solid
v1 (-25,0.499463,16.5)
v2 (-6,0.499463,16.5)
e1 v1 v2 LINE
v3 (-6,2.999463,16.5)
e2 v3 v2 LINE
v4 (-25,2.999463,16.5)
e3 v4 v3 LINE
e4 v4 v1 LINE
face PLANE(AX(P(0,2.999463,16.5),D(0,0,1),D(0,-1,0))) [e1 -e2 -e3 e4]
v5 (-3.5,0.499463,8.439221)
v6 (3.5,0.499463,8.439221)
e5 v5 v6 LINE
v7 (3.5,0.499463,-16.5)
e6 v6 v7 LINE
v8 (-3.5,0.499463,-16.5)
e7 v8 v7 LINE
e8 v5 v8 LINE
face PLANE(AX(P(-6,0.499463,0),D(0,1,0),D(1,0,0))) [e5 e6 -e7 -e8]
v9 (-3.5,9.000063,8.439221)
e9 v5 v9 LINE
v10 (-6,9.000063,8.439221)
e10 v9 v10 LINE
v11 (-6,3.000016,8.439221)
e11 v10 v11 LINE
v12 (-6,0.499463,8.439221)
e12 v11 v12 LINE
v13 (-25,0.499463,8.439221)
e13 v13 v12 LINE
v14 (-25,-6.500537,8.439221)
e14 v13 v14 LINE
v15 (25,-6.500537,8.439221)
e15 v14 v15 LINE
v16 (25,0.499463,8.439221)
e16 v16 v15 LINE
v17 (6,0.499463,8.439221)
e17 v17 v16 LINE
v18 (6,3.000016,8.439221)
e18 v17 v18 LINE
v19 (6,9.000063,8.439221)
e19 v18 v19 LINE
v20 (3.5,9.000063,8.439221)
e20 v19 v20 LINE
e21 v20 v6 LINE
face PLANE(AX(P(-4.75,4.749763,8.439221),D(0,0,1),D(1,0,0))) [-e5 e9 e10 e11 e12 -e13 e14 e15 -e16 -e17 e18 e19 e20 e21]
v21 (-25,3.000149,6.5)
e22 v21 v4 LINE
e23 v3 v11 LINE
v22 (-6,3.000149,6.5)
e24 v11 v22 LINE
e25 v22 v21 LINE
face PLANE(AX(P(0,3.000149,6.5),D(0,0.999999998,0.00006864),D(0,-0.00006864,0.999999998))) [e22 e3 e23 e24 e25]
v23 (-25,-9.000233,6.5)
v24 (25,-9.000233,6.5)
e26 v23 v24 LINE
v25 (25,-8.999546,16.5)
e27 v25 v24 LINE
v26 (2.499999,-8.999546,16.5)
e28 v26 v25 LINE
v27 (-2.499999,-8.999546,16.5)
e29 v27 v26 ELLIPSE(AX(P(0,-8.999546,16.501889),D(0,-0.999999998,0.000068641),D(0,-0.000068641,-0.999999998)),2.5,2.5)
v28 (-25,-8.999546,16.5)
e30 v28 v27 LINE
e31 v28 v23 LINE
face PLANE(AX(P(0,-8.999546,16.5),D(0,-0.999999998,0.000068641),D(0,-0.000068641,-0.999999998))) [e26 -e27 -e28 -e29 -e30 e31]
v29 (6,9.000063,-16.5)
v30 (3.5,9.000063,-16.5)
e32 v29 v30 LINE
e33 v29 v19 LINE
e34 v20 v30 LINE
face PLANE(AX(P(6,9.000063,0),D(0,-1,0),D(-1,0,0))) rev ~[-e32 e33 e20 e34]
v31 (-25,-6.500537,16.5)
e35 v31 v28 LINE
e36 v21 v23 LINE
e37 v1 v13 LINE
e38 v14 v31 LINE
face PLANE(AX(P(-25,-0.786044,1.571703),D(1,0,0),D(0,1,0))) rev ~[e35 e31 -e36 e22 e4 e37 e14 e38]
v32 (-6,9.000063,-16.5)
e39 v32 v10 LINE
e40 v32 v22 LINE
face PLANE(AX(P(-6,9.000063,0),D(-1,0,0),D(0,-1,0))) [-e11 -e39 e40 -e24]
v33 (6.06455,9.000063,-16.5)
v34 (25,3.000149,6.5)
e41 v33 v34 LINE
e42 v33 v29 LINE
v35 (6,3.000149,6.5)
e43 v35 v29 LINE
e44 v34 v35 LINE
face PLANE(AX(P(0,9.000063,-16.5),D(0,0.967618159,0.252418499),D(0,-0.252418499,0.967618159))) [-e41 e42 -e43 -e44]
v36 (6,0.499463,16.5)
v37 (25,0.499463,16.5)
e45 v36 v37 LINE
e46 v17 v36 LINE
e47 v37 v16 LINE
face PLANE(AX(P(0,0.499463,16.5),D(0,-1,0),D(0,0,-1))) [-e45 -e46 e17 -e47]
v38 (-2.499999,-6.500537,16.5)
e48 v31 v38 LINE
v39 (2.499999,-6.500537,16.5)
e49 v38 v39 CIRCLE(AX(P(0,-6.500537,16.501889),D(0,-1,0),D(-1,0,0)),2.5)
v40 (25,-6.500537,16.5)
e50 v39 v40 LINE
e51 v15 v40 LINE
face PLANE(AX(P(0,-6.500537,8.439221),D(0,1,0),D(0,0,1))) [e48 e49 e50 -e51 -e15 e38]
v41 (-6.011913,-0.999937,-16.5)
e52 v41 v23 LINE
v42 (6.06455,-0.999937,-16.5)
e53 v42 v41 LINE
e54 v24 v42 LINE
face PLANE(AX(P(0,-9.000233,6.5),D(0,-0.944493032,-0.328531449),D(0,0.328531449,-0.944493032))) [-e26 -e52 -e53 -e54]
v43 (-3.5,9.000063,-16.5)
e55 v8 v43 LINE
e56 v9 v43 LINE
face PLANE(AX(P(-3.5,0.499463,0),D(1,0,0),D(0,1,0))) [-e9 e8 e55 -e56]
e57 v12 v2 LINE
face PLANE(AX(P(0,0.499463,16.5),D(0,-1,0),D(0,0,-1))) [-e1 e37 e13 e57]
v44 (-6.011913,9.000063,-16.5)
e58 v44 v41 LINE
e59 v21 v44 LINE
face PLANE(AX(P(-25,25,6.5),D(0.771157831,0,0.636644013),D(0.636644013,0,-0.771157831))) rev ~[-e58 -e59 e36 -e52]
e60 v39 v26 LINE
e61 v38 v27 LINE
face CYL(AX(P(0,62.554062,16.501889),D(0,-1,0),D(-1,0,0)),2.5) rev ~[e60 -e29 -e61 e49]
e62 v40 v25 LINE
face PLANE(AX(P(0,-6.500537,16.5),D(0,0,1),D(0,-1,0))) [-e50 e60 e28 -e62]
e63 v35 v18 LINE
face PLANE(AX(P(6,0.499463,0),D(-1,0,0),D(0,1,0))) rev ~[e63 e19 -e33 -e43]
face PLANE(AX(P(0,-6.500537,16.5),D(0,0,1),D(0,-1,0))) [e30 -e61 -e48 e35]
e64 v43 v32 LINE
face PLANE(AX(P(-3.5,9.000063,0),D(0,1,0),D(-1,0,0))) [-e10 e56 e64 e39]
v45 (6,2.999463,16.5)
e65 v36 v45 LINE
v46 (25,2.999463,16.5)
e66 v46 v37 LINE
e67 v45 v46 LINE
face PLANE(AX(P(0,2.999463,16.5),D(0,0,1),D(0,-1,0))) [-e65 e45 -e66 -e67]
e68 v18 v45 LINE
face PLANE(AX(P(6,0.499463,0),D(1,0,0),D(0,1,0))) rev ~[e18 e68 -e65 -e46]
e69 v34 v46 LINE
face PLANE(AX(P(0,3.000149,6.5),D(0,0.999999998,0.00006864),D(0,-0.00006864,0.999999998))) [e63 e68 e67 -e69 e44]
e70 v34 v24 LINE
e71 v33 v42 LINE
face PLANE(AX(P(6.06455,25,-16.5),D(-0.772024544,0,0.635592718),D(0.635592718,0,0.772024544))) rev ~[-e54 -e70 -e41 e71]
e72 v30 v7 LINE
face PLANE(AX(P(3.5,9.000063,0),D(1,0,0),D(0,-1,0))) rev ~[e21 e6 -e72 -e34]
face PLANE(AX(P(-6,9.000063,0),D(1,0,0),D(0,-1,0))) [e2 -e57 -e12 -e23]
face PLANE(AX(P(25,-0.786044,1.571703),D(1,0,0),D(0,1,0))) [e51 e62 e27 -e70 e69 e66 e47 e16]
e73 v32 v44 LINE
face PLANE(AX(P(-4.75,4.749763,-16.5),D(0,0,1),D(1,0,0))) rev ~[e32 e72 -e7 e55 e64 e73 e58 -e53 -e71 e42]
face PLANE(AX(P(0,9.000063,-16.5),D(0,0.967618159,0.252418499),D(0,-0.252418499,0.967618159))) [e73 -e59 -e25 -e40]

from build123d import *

# Parameters (mm, degrees)
F1_DEPTH      = 25
F1_DEPTH_BACK = 25
F3_DEPTH      = 16.5
F3_DEPTH_BACK = 16.5
F4_DEPTH      = 8.4392210885
F4_DEPTH_BACK = 16.5
F6_D          = 5
F8_START      = -25
F8_DEPTH      = 50


with BuildPart() as f1:
    # F0 (on Right) → F1 (new body, two sides)
    with BuildSketch(Plane.YZ) as f1_sk:
        Polygon((3.0001489873, 6.5), (2.9994625902, 16.5), (0.4994625902, 16.5), (0.4994625902, 8.4392210885), (-6.5005374098, 8.4392210885), (-6.5005374098, 16.5), (-8.9995463506, 16.5), (-9.0002327559, 6.5), (-0.9999372788, -16.5), (9.0000627212, -16.5), align=None)
    extrude(amount=F1_DEPTH)
    extrude(f1_sk.sketch, amount=-F1_DEPTH_BACK)

    # F2 (on Top) → F3 (cut, two sides)
    with BuildSketch(Plane.XY) as f3_sk:
        Polygon((-3.5, 9.0000627212), (-6, 9.0000627212), (-6, 0.4994625902), (-3.5, 0.4994625902), (-3.5, 3.0001489873), align=None)
        Polygon((3.5, 9.0000627212), (-3.5, 9.0000627212), (-3.5, 3.0001489873), (-3.5, 0.4994625902), (3.5, 0.4994625902), (3.5, 3.0001489873), align=None)
        Polygon((6, 9.0000627212), (3.5, 9.0000627212), (3.5, 3.0001489873), (3.5, 0.4994625902), (6, 0.4994625902), align=None)
    extrude(amount=F3_DEPTH, mode=Mode.SUBTRACT)
    extrude(f3_sk.sketch, amount=-F3_DEPTH_BACK, mode=Mode.SUBTRACT)

    # F2 (on Top) → F4 (join, two sides)
    with BuildSketch(Plane.XY) as f4_sk:
        Polygon((-3.5, 9.0000627212), (-6, 9.0000627212), (-6, 0.4994625902), (-3.5, 0.4994625902), (-3.5, 3.0001489873), align=None)
        Polygon((6, 9.0000627212), (3.5, 9.0000627212), (3.5, 3.0001489873), (3.5, 0.4994625902), (6, 0.4994625902), align=None)
    extrude(amount=F4_DEPTH)
    extrude(f4_sk.sketch, amount=-F4_DEPTH_BACK)

    # F6 (through all)
    with Locations(Plane(origin=(0, 0, 0), x_dir=(1, 0, 0), z_dir=(0, 1, 0))):
        with Locations((0, -16.5018886328)):
            Hole(F6_D / 2)

    # F7 (on Front) → F8 (intersect)
    with BuildSketch(Plane.XZ.offset(F8_START)):
        Polygon((6.0645495541, -16.5), (25, 6.5), (25, 17.2385324479), (-25, 17.2385324479), (-25, 6.5), (-6.0119125992, -16.5), align=None)
    extrude(amount=F8_DEPTH, mode=Mode.INTERSECT)


solid = f1.part
